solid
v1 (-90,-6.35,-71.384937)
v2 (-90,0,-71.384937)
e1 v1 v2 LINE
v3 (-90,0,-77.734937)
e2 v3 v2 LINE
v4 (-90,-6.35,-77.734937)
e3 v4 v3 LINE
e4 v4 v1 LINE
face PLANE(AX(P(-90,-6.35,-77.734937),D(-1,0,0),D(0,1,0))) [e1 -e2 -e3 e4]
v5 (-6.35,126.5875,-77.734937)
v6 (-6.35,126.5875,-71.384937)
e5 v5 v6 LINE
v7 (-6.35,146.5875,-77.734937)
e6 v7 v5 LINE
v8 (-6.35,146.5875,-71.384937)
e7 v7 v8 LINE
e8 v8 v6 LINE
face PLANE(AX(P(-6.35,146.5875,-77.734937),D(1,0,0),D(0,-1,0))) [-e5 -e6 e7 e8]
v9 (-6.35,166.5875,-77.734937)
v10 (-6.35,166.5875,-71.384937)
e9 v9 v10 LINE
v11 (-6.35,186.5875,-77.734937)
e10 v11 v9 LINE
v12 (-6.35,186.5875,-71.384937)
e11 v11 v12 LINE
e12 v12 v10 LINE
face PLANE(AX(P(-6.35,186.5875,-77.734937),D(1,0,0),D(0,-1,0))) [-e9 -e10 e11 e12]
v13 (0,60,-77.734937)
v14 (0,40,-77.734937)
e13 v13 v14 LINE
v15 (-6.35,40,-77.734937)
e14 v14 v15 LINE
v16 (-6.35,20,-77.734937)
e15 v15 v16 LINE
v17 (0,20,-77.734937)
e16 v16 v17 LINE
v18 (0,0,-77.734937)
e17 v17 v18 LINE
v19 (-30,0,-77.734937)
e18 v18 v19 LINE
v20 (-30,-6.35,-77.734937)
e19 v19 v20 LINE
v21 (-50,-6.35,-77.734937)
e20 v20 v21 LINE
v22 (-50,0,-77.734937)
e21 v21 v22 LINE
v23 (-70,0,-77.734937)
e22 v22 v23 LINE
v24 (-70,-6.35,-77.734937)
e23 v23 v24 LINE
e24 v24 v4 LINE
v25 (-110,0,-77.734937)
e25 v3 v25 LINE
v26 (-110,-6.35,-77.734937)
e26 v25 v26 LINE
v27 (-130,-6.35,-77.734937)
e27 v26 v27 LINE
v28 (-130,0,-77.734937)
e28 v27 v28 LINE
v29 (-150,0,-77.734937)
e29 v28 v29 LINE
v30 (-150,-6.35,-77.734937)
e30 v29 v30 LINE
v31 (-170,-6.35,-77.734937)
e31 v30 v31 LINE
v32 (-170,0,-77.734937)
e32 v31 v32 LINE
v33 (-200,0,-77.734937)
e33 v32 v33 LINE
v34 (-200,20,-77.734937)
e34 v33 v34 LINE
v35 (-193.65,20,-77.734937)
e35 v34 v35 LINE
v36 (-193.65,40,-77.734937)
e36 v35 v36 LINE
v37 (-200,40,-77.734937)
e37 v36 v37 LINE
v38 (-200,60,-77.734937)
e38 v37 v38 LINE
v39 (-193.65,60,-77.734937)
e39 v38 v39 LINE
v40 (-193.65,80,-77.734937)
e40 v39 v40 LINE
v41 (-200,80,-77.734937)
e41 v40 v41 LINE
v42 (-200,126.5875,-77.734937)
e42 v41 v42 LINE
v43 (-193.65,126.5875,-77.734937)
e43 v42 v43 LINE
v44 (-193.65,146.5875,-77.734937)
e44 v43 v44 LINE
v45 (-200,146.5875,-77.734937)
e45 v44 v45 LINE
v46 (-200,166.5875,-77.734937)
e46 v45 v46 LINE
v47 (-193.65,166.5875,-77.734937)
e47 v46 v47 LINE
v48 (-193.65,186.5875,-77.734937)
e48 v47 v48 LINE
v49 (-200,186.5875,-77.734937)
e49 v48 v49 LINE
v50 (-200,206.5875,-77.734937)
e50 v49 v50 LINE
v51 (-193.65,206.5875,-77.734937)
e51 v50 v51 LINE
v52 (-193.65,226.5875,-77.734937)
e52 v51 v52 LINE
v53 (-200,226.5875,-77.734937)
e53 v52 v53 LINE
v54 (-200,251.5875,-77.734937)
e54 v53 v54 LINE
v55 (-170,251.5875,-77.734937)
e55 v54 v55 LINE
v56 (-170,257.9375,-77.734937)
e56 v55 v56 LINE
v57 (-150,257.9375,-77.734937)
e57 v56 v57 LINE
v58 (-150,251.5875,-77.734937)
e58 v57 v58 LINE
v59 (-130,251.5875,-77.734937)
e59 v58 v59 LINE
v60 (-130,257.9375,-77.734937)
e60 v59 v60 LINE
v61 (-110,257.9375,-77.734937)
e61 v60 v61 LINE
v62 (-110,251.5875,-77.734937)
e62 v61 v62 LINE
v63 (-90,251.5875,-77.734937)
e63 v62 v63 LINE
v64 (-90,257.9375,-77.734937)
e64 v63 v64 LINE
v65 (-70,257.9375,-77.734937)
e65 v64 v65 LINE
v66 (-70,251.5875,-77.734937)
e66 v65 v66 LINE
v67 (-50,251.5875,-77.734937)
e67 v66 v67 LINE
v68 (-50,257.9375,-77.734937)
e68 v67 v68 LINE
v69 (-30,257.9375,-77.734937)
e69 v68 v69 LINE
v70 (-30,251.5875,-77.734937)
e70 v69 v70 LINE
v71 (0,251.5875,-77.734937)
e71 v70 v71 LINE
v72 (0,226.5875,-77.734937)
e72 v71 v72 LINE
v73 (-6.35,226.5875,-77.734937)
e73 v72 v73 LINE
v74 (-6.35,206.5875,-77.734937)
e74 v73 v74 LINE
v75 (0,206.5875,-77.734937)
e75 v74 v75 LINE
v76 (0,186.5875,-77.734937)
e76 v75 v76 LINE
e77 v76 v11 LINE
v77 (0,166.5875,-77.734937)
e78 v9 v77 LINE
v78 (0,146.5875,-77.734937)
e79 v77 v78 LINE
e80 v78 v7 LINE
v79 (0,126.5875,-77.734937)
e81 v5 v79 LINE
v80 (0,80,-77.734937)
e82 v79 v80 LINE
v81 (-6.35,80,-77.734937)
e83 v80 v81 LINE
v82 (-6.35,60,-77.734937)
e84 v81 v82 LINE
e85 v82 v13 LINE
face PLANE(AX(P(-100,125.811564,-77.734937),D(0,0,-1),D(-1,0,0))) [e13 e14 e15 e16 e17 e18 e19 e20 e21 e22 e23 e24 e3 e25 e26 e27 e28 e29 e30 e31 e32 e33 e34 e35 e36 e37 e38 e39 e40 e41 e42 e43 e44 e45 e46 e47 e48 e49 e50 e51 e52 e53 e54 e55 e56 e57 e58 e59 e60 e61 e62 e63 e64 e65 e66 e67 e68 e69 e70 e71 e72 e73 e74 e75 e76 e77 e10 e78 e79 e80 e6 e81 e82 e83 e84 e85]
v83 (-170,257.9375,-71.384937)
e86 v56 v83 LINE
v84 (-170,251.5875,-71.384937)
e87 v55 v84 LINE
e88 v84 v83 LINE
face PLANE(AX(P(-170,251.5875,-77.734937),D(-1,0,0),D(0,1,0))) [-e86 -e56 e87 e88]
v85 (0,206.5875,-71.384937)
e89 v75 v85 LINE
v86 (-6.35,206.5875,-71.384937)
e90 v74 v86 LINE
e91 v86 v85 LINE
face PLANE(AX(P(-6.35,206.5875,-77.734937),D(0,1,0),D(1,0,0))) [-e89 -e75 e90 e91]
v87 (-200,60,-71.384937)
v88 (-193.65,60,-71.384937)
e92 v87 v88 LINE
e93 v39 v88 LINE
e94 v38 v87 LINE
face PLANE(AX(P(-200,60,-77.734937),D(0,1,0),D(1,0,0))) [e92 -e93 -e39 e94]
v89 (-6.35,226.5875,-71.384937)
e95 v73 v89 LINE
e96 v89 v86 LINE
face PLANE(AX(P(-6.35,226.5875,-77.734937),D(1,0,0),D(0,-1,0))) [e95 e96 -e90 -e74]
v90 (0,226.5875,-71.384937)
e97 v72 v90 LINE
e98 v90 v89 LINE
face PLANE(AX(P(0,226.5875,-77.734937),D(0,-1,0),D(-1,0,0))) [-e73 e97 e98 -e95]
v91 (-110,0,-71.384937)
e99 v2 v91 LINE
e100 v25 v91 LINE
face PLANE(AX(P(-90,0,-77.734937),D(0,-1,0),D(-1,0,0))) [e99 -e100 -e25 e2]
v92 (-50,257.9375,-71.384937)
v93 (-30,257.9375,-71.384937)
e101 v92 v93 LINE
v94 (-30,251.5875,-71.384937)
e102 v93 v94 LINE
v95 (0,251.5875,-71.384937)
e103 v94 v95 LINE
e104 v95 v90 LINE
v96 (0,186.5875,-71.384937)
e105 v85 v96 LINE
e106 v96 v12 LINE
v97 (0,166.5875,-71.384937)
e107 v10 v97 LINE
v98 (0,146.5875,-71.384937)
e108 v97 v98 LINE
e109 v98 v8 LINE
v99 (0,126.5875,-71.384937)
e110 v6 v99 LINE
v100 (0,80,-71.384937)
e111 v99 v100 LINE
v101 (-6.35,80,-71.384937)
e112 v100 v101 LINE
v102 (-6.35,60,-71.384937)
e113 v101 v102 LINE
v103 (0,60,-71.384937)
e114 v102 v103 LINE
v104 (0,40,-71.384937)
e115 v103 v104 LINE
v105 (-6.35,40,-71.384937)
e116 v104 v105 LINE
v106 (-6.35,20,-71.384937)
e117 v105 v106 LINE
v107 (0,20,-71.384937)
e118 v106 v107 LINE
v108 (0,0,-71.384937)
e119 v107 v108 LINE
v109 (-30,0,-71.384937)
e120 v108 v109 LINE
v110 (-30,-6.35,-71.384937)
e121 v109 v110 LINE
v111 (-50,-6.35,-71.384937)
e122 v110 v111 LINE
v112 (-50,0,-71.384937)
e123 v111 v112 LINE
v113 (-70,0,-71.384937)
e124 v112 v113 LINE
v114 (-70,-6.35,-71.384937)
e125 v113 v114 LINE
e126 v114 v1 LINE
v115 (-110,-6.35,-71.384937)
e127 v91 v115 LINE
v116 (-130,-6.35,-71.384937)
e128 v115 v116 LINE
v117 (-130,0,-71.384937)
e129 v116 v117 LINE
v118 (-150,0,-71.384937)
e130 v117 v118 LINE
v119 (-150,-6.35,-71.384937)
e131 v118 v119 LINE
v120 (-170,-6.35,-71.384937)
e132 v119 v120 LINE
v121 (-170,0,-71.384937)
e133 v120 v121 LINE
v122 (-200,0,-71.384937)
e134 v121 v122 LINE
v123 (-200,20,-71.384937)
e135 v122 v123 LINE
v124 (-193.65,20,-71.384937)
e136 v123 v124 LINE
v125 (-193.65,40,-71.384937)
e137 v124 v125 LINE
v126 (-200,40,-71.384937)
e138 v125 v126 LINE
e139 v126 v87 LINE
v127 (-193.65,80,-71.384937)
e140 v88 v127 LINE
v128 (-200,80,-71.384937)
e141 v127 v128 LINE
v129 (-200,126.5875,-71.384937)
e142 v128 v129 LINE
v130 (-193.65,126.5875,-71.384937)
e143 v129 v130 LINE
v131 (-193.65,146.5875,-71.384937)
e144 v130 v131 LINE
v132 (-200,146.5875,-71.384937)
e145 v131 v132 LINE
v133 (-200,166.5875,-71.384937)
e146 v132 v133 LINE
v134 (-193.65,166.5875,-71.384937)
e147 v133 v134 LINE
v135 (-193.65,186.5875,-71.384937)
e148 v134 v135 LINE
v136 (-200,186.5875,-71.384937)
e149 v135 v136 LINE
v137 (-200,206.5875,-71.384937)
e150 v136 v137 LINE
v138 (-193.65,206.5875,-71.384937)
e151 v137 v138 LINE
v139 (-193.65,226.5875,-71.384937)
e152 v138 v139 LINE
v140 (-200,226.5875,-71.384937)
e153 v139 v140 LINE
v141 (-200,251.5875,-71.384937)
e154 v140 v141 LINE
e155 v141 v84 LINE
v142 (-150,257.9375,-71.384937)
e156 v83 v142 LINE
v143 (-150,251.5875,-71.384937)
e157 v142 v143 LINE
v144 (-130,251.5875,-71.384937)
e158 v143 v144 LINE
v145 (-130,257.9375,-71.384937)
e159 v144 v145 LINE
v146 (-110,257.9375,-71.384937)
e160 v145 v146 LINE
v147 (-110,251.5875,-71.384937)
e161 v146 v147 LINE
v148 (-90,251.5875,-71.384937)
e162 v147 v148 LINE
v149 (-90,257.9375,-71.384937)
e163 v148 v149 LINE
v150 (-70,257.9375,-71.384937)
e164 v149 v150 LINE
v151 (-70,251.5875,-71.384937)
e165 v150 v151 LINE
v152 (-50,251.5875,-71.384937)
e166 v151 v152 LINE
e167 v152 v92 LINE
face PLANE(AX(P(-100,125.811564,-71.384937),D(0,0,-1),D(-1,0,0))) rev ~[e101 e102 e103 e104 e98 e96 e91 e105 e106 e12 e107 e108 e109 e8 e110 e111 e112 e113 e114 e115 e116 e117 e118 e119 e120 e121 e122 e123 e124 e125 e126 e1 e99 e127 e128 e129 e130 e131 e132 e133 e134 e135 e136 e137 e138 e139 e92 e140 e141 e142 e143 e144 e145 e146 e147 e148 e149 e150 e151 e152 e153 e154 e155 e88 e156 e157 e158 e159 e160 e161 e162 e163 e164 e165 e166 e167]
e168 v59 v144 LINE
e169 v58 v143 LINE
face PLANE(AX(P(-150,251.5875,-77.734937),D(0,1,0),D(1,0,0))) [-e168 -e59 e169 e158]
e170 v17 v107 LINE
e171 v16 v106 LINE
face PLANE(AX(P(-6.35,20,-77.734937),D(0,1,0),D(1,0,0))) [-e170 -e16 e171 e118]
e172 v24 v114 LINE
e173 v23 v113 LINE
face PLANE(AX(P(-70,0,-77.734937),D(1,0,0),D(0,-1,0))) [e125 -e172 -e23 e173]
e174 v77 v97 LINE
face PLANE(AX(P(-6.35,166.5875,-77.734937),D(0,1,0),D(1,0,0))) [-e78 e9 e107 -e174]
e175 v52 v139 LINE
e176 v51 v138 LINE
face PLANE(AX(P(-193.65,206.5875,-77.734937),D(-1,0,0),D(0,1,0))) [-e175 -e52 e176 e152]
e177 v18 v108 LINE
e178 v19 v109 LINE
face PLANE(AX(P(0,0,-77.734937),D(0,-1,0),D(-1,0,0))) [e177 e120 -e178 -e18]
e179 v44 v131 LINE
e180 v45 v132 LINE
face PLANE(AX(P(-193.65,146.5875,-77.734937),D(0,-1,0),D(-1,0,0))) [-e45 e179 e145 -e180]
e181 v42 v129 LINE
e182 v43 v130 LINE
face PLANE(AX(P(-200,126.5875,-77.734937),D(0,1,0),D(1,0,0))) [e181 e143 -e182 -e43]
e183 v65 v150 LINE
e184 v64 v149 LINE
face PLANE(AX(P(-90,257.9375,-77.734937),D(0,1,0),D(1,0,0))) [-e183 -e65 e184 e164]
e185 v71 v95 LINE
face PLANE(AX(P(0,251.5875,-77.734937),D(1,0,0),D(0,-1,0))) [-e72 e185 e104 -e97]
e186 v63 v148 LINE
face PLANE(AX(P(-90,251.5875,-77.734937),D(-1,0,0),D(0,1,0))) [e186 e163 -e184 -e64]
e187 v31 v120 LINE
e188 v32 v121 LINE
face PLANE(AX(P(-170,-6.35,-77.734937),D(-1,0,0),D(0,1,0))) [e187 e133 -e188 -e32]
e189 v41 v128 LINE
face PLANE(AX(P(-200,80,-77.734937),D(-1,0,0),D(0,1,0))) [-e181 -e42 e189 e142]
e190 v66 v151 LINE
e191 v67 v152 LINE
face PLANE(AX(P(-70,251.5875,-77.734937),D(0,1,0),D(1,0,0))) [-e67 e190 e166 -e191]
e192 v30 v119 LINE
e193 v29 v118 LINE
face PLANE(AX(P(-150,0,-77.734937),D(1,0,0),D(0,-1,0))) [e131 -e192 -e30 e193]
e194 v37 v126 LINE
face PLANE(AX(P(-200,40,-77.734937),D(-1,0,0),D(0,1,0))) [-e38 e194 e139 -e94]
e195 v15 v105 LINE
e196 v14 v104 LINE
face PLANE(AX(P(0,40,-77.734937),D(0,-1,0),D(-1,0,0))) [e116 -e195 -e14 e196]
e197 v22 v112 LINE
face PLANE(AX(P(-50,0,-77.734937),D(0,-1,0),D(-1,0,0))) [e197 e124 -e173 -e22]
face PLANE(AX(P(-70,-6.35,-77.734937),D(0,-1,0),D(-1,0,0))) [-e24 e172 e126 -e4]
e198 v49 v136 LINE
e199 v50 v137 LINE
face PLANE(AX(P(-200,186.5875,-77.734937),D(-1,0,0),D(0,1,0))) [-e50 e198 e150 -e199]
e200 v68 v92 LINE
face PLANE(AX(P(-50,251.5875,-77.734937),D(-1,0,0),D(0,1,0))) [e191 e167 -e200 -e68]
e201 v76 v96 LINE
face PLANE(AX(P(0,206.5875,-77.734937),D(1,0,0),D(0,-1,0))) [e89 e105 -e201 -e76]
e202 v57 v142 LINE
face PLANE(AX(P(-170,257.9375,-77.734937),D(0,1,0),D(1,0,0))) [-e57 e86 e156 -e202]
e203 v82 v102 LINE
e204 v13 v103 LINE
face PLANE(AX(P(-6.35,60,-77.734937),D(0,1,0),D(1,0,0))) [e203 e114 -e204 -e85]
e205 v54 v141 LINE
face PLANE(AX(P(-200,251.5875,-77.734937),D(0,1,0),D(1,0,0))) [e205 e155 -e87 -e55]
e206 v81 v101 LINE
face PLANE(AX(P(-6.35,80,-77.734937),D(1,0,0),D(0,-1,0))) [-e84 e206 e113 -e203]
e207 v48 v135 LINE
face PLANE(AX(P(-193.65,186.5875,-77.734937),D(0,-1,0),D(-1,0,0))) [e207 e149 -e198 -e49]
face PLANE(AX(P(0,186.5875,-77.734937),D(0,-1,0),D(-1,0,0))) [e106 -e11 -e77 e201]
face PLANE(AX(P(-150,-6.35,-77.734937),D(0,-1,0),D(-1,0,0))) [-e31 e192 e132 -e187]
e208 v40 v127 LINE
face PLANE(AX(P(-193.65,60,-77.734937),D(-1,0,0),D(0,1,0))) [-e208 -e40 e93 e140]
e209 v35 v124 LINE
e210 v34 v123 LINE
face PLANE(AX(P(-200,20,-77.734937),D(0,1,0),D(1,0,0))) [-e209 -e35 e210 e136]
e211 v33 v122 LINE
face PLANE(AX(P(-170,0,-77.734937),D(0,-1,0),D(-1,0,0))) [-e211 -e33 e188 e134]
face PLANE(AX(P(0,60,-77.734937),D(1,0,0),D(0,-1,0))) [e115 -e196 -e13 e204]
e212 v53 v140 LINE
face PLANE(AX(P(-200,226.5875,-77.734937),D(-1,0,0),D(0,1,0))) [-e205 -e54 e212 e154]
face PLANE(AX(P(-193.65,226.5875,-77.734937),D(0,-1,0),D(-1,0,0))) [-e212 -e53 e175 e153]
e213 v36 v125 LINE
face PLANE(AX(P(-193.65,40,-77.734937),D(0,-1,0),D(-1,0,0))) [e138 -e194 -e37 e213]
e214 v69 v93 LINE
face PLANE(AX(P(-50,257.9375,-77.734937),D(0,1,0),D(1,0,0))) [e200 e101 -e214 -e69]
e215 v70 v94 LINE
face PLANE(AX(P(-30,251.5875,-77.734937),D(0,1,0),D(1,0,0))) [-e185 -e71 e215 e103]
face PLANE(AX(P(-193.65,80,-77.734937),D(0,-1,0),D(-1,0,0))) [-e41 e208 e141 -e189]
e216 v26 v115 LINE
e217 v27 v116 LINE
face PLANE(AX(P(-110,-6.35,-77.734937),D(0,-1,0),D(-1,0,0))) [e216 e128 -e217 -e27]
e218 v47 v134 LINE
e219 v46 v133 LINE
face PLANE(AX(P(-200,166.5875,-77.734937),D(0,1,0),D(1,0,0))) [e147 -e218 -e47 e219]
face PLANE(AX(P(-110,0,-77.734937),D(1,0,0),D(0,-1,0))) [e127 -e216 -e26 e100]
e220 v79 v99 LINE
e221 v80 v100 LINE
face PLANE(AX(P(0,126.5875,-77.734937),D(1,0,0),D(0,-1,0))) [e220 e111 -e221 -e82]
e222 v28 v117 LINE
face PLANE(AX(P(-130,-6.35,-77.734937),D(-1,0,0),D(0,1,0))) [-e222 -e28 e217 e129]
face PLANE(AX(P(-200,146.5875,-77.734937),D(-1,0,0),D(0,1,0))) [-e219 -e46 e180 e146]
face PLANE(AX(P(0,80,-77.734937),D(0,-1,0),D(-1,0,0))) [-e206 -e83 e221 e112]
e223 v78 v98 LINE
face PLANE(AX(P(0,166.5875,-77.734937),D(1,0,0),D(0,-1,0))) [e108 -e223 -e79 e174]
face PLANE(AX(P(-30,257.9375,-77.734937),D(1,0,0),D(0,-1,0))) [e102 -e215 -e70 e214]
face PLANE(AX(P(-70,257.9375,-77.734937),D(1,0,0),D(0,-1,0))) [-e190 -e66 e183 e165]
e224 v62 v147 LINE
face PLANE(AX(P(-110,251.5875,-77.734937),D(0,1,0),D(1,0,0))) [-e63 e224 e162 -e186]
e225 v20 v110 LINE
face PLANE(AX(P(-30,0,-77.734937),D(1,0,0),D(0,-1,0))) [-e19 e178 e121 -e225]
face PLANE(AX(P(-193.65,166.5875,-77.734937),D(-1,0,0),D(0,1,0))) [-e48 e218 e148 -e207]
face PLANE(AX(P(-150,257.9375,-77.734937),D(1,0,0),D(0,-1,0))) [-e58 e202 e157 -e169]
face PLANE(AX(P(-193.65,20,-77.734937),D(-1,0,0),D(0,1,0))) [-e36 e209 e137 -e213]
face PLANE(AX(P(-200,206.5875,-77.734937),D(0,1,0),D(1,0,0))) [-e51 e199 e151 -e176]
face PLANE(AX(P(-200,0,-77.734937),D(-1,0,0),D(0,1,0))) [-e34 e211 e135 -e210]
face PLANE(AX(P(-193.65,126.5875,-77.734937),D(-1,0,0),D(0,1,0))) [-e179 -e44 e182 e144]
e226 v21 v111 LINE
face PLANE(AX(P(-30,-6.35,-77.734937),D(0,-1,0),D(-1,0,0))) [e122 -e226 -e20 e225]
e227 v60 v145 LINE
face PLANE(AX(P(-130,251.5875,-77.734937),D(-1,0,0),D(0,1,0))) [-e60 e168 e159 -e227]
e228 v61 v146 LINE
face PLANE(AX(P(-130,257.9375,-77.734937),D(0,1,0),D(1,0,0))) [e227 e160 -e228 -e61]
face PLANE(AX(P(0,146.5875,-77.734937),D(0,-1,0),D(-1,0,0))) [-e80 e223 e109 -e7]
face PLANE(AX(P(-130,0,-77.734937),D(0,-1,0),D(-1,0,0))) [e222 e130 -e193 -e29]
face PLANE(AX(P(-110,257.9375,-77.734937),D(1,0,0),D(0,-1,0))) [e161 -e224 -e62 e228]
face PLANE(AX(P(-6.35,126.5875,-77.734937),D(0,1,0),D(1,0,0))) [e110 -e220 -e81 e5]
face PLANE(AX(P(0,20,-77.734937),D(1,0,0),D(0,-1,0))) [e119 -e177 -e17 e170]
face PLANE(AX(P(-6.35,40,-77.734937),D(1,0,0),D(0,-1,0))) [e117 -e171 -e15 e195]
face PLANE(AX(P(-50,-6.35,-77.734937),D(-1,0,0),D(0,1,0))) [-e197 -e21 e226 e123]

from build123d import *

# Parameters (mm, degrees)
BOSS_EXTRUDE1_DEPTH = 6.35


with BuildPart() as part:
    # Sketch1 → Boss-Extrude1 (new body)
    with BuildSketch(Plane(origin=(0, 0, -77.734937154), x_dir=(-1, 0, 0), z_dir=(0, 0, -1))):
        Polygon((0, 80), (6.35, 80), (6.35, 60), (0, 60), (0, 40), (6.35, 40), (6.35, 20), (0, 20), (0, 0), (30, 0), (30, -6.35), (50, -6.35), (50, 0), (70, 0), (70, -6.35), (90, -6.35), (90, 0), (110, 0), (110, -6.35), (130, -6.35), (130, 0), (150, 0), (150, -6.35), (170, -6.35), (170, 0), (200, 0), (200, 20), (193.65, 20), (193.65, 40), (200, 40), (200, 60), (193.65, 60), (193.65, 80), (200, 80), (200, 126.5875), (193.65, 126.5875), (193.65, 146.5875), (200, 146.5875), (200, 166.5875), (193.65, 166.5875), (193.65, 186.5875), (200, 186.5875), (200, 206.5875), (193.65, 206.5875), (193.65, 226.5875), (200, 226.5875), (200, 251.5875), (170, 251.5875), (170, 257.9375), (150, 257.9375), (150, 251.5875), (130, 251.5875), (130, 257.9375), (110, 257.9375), (110, 251.5875), (90, 251.5875), (90, 257.9375), (70, 257.9375), (70, 251.5875), (50, 251.5875), (50, 257.9375), (30, 257.9375), (30, 251.5875), (0, 251.5875), (0, 226.5875), (6.35, 226.5875), (6.35, 206.5875), (0, 206.5875), (0, 186.5875), (6.35, 186.5875), (6.35, 166.5875), (0, 166.5875), (0, 146.5875), (6.35, 146.5875), (6.35, 126.5875), (0, 126.5875), align=None)
    extrude(amount=-BOSS_EXTRUDE1_DEPTH)


solid = part.part
